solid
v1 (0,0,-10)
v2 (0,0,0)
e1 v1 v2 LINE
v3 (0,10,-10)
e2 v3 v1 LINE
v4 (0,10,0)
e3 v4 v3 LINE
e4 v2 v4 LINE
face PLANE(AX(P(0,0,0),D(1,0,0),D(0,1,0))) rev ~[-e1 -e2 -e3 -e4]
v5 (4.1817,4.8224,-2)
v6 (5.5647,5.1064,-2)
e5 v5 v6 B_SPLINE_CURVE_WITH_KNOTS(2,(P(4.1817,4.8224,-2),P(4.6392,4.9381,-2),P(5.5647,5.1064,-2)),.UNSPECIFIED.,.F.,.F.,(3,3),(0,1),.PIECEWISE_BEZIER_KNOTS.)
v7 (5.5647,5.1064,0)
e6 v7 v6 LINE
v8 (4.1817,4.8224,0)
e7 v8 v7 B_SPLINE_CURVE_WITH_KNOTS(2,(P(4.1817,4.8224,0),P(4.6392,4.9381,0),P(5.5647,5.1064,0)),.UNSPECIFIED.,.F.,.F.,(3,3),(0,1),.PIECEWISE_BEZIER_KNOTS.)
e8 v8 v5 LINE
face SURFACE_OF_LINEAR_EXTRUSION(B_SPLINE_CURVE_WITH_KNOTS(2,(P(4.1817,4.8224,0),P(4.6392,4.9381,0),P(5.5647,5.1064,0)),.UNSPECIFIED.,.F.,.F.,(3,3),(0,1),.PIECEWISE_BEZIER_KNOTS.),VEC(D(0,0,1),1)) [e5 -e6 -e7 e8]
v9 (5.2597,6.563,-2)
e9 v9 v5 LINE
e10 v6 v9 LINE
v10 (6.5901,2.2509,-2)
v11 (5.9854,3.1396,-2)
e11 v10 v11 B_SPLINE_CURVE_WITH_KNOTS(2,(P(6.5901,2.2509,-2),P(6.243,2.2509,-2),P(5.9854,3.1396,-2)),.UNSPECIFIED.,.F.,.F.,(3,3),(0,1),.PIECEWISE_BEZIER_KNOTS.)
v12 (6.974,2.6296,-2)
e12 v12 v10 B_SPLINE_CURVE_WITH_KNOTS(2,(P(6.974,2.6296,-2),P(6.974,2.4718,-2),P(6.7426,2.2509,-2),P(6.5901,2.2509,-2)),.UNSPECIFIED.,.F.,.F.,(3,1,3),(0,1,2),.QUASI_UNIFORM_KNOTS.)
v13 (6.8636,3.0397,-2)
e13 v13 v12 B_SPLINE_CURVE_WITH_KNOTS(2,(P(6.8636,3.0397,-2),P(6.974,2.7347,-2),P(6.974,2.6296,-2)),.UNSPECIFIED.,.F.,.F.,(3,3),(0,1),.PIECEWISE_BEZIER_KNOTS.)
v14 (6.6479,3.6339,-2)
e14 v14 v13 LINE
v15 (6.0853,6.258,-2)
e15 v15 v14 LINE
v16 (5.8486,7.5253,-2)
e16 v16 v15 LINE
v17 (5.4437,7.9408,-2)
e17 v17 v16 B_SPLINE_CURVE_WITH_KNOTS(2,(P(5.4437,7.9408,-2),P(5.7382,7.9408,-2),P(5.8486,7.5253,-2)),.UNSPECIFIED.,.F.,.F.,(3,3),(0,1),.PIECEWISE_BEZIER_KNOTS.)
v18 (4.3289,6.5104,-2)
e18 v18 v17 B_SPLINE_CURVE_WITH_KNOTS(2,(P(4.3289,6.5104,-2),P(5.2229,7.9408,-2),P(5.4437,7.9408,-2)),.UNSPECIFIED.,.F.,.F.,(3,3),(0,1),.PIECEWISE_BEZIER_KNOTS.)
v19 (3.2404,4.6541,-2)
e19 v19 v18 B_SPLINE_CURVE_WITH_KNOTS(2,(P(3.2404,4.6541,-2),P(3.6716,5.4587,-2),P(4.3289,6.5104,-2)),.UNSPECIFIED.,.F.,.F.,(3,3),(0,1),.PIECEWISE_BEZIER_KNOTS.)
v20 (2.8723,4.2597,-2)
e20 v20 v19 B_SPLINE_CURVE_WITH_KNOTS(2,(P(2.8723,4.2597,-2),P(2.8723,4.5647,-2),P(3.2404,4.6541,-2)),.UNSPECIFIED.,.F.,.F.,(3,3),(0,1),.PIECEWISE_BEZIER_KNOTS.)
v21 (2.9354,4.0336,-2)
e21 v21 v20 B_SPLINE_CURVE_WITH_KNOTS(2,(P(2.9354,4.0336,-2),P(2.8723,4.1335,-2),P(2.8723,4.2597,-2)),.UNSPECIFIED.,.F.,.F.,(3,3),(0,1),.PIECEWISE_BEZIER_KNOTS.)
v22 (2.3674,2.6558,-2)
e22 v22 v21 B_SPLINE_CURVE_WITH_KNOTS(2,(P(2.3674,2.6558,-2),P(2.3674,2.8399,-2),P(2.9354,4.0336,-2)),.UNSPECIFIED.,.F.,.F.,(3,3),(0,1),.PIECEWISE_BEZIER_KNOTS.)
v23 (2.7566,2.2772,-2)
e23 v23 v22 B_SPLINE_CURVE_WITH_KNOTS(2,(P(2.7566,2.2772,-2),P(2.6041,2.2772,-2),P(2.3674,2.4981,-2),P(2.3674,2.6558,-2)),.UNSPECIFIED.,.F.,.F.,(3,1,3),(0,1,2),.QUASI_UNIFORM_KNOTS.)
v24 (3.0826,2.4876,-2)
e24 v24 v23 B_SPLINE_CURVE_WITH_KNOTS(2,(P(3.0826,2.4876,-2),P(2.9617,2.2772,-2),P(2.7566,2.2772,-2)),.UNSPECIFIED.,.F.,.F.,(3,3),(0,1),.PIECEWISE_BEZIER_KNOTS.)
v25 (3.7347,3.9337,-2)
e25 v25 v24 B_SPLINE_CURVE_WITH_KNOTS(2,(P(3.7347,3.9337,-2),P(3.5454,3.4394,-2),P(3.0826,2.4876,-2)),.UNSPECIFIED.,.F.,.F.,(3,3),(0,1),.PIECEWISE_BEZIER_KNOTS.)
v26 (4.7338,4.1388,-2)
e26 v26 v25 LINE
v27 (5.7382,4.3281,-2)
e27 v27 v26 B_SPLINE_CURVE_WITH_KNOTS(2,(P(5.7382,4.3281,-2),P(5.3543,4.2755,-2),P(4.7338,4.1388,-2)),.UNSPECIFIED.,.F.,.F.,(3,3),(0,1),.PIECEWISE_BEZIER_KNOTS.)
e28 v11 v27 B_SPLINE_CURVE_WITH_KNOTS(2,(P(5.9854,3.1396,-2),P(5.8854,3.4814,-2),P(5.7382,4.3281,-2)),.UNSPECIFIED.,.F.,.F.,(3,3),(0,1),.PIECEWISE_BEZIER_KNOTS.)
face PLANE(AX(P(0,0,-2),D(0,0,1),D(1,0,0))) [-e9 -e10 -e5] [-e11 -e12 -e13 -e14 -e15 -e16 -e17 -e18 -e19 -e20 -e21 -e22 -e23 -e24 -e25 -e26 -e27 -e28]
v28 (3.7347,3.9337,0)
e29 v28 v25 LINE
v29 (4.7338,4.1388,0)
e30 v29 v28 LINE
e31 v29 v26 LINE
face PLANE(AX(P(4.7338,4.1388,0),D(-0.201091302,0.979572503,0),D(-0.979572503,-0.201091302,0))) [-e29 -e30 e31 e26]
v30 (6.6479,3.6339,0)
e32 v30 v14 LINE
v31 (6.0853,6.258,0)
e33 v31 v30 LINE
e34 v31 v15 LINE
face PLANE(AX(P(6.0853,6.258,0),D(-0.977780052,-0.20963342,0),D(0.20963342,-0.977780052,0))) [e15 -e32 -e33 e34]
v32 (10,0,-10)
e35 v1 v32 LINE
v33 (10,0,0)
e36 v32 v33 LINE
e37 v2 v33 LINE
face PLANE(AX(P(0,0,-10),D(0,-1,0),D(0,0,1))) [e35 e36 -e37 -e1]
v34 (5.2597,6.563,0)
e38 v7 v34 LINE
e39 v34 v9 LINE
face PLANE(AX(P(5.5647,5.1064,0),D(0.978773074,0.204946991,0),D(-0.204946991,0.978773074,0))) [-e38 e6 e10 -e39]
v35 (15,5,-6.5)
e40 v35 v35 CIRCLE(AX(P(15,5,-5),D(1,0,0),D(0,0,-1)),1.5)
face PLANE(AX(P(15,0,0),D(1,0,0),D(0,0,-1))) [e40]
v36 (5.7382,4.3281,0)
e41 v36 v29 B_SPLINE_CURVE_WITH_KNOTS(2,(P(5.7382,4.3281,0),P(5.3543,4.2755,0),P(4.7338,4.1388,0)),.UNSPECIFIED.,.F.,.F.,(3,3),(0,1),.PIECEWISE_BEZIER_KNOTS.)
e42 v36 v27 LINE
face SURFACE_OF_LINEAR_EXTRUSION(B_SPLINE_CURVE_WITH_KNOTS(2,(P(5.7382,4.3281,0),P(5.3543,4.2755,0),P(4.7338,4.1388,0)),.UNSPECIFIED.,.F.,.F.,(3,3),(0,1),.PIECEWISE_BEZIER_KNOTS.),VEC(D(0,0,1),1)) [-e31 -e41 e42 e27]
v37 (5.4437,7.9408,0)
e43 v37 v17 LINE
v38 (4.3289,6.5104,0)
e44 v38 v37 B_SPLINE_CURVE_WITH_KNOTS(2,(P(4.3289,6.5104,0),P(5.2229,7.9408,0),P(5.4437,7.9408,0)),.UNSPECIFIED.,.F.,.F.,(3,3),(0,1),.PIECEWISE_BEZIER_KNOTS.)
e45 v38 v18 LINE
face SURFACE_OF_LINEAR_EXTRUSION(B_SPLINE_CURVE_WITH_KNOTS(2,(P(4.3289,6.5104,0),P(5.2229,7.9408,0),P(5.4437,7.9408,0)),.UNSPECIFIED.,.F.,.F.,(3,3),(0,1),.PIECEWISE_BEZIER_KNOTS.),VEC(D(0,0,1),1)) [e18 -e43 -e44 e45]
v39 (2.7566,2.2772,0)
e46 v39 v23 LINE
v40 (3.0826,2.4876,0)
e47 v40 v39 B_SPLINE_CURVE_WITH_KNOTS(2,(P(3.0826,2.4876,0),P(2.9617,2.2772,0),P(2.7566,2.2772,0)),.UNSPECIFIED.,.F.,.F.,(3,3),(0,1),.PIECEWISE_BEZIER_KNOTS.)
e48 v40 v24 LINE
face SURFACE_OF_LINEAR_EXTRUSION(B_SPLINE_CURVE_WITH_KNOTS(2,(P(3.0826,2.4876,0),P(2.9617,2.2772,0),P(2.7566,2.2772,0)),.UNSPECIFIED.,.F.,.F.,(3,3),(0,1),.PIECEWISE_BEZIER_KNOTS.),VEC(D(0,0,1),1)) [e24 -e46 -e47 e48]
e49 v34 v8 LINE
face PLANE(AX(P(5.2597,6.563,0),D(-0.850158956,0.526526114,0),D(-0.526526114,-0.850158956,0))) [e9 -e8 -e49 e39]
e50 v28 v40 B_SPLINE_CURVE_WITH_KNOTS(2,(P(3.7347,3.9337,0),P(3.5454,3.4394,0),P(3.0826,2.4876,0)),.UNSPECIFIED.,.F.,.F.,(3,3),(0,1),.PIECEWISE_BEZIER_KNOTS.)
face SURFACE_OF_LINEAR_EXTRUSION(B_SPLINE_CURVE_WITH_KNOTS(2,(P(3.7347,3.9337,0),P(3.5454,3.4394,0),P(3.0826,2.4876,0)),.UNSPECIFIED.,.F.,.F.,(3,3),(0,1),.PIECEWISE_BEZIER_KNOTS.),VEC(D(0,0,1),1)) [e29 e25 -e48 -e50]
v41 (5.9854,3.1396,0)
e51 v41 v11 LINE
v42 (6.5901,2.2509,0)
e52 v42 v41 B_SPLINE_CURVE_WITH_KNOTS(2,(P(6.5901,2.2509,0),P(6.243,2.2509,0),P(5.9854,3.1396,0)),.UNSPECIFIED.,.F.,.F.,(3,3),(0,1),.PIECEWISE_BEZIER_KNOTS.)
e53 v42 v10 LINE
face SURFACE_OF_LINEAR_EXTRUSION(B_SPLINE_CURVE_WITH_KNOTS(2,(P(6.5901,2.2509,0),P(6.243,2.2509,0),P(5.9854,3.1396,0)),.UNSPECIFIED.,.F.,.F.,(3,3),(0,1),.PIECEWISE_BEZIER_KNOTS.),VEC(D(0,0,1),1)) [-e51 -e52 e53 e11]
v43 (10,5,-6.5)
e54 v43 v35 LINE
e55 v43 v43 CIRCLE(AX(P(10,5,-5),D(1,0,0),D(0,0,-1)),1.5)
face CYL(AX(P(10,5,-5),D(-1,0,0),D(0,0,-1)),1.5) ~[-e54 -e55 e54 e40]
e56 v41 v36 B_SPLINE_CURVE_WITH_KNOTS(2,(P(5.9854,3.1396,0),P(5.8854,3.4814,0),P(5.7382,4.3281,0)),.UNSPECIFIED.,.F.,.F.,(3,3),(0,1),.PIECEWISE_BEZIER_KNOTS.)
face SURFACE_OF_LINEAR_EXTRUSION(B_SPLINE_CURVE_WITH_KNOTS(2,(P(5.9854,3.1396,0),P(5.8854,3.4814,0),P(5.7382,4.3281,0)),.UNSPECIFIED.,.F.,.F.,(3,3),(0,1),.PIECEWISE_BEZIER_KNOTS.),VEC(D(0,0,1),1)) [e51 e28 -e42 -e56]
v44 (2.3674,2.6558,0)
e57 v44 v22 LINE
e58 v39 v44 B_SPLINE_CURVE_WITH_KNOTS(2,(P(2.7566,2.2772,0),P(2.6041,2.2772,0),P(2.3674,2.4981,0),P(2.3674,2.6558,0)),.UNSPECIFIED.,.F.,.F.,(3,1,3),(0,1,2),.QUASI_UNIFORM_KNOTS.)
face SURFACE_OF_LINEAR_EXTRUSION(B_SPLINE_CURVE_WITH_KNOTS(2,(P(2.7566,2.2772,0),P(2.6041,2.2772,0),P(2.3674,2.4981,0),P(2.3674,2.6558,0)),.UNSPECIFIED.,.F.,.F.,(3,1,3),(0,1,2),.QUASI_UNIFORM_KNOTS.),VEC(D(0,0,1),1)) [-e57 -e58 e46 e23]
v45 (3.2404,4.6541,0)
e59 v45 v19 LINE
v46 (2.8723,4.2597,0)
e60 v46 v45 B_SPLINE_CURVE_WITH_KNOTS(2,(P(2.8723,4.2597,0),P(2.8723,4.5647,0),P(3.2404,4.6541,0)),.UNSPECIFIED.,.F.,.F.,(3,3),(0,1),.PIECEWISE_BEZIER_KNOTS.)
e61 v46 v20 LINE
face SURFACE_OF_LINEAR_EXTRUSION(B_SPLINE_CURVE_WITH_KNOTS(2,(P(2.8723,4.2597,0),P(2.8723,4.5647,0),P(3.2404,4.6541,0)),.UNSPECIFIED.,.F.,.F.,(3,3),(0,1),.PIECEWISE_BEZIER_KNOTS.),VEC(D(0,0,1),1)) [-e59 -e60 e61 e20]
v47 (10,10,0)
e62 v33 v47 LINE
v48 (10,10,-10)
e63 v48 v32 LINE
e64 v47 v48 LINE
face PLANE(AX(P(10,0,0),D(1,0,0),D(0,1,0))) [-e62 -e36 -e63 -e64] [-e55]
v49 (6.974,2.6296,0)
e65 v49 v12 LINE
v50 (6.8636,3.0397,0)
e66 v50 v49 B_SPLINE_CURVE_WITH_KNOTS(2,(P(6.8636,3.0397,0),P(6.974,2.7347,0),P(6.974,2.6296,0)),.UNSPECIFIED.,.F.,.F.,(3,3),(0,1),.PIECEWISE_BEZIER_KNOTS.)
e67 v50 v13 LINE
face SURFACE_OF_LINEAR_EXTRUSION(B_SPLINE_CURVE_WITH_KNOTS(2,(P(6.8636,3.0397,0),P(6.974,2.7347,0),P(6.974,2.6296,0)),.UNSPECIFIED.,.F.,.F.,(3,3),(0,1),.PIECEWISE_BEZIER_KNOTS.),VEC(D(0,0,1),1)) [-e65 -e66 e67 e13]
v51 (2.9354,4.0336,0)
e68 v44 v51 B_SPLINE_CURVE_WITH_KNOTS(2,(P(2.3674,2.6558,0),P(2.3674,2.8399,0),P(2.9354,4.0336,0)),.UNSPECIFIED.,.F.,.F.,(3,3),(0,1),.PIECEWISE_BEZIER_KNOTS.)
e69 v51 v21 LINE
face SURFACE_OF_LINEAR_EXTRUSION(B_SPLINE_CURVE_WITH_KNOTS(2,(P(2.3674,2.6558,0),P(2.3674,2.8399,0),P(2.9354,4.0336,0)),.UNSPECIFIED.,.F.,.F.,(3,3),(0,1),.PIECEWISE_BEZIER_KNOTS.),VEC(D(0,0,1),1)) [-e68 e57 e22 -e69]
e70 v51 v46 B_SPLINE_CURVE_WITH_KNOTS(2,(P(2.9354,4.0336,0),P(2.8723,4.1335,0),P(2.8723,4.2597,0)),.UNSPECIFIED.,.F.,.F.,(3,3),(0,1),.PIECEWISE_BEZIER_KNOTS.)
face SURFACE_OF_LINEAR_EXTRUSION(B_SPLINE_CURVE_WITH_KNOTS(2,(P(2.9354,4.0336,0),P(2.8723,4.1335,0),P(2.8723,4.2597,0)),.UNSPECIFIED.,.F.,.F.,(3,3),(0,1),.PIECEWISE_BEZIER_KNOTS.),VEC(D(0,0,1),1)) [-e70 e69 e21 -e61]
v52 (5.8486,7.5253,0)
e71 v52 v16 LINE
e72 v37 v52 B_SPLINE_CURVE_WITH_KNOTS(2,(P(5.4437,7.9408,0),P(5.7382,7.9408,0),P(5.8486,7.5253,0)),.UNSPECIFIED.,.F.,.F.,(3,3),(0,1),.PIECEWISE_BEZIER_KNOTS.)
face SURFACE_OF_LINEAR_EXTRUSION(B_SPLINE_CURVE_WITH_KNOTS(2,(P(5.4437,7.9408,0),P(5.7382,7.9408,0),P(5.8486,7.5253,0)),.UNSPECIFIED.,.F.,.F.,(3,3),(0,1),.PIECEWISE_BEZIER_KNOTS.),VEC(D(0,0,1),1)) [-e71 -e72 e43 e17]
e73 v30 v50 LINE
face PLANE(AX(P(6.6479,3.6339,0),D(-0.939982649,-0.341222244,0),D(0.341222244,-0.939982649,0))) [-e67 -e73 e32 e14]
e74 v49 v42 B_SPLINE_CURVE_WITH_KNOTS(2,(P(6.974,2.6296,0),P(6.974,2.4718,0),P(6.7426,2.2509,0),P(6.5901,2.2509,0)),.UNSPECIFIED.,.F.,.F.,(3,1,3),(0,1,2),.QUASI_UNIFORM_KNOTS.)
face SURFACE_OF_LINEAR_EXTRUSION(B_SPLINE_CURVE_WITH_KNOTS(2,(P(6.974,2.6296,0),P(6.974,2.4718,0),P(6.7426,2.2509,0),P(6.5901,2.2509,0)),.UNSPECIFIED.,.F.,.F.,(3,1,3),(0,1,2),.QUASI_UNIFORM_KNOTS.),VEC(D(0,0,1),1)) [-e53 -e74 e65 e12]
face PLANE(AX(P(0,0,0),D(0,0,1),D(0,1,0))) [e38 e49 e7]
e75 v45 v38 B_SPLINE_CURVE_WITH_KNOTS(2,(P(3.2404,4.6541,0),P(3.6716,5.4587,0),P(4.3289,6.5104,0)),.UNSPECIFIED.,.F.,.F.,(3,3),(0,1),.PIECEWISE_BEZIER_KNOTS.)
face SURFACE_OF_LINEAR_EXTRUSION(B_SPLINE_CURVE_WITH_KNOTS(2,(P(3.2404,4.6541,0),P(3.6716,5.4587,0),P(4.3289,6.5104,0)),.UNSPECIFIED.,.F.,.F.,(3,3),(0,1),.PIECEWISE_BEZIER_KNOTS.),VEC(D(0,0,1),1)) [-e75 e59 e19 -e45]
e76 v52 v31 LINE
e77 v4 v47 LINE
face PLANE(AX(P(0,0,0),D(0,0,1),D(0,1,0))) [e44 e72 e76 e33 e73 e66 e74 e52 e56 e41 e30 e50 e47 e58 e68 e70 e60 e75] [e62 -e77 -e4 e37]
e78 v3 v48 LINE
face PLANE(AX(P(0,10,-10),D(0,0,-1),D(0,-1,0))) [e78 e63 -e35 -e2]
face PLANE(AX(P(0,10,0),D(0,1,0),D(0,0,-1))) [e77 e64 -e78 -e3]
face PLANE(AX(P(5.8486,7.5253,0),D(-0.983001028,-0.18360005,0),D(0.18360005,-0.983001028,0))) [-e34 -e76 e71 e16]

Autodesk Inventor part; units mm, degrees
ref_plane "YZ Plane" through (0, 0, 0) normal (1, 0, 0) x (0, 1, 0)
ref_plane "XZ Plane" through (0, 0, 0) normal (0, 1, 0) x (-1, 0, 0)
ref_plane "XY Plane" through (0, 0, 0) normal (0, 0, 1) x (1, 0, 0)
sketch "Sketch1" plane through (0, 0, 0) normal (1, 0, 0) x (0, 1, 0)
  line L0 (0, 0) -> (10, 0)
  line L1 (10, 0) -> (10, -10)
  line L2 (10, -10) -> (0, -10)
  line L3 (0, -10) -> (0, 0)
  dimension "d0" = 10
  dimension "d1" = 10
extrude "Extrusion1" add sketch "Sketch1" along normal blind 10
sketch "Sketch2" plane through (10, 0, 0) normal (1, 0, 0) x (0, 0, -1)
  circle A0 centre (5, 5) radius 1.5
  point P0 (0, 0)
  dimension "d4" = 3
extrude "Extrusion2" add sketch "Sketch2" along normal blind 5
sketch "Sketch4" plane through (0, 0, 0) normal (0, 0, 1) x (1, 0, 0)
  line L0 (1.8731, 7.9408) -> (4.4271, 7.9408) construction
  line L1 (4.4271, 7.9408) -> (4.4271, 4.8928) construction
  line L2 (4.4271, 4.8928) -> (1.8731, 4.8928) construction
  line L3 (1.8731, 4.8928) -> (1.8731, 7.9408) construction
  spline S0 degree 2 poles (6.5901, 2.2509) (6.243, 2.2509) (5.9854, 3.1396) knots 0 0 0 1 1 1
  spline S1 degree 2 poles (5.9854, 3.1396) (5.8854, 3.4814) (5.7382, 4.3281) knots 0 0 0 1 1 1
  spline S2 degree 2 poles (5.7382, 4.3281) (5.3543, 4.2755) (4.7338, 4.1388) knots 0 0 0 1 1 1
  line L4 (4.7338, 4.1388) -> (3.7347, 3.9337)
  spline S3 degree 2 poles (3.7347, 3.9337) (3.5454, 3.4394) (3.0826, 2.4876) knots 0 0 0 1 1 1
  spline S4 degree 2 poles (3.0826, 2.4876) (2.9617, 2.2772) (2.7566, 2.2772) knots 0 0 0 1 1 1
  spline S5 degree 2 poles (2.7566, 2.2772) (2.6041, 2.2772) (2.3674, 2.4981) (2.3674, 2.6558) knots 0 0 0 1 2 2 2
  spline S6 degree 2 poles (2.3674, 2.6558) (2.3674, 2.8399) (2.9354, 4.0336) knots 0 0 0 1 1 1
  spline S7 degree 2 poles (2.9354, 4.0336) (2.8723, 4.1335) (2.8723, 4.2597) knots 0 0 0 1 1 1
  spline S8 degree 2 poles (2.8723, 4.2597) (2.8723, 4.5647) (3.2404, 4.6541) knots 0 0 0 1 1 1
  spline S9 degree 2 poles (3.2404, 4.6541) (3.6716, 5.4587) (4.3289, 6.5104) knots 0 0 0 1 1 1
  spline S10 degree 2 poles (4.3289, 6.5104) (5.2229, 7.9408) (5.4437, 7.9408) knots 0 0 0 1 1 1
  spline S11 degree 2 poles (5.4437, 7.9408) (5.7382, 7.9408) (5.8486, 7.5253) knots 0 0 0 1 1 1
  line L5 (5.8486, 7.5253) -> (6.0853, 6.258)
  line L6 (6.0853, 6.258) -> (6.6479, 3.6339)
  line L7 (6.6479, 3.6339) -> (6.8636, 3.0397)
  spline S12 degree 2 poles (6.8636, 3.0397) (6.974, 2.7347) (6.974, 2.6296) knots 0 0 0 1 1 1
  spline S13 degree 2 poles (6.974, 2.6296) (6.974, 2.4718) (6.7426, 2.2509) (6.5901, 2.2509) knots 0 0 0 1 2 2 2
  line L8 (5.2597, 6.563) -> (4.1817, 4.8224)
  spline S14 degree 2 poles (4.1817, 4.8224) (4.6392, 4.9381) (5.5647, 5.1064) knots 0 0 0 1 1 1
  line L9 (5.5647, 5.1064) -> (5.2597, 6.563)
  point P0 (0, 0)
extrude "Extrusion4" cut sketch "Sketch4" against normal blind 2
properties part number "Adenosine"
